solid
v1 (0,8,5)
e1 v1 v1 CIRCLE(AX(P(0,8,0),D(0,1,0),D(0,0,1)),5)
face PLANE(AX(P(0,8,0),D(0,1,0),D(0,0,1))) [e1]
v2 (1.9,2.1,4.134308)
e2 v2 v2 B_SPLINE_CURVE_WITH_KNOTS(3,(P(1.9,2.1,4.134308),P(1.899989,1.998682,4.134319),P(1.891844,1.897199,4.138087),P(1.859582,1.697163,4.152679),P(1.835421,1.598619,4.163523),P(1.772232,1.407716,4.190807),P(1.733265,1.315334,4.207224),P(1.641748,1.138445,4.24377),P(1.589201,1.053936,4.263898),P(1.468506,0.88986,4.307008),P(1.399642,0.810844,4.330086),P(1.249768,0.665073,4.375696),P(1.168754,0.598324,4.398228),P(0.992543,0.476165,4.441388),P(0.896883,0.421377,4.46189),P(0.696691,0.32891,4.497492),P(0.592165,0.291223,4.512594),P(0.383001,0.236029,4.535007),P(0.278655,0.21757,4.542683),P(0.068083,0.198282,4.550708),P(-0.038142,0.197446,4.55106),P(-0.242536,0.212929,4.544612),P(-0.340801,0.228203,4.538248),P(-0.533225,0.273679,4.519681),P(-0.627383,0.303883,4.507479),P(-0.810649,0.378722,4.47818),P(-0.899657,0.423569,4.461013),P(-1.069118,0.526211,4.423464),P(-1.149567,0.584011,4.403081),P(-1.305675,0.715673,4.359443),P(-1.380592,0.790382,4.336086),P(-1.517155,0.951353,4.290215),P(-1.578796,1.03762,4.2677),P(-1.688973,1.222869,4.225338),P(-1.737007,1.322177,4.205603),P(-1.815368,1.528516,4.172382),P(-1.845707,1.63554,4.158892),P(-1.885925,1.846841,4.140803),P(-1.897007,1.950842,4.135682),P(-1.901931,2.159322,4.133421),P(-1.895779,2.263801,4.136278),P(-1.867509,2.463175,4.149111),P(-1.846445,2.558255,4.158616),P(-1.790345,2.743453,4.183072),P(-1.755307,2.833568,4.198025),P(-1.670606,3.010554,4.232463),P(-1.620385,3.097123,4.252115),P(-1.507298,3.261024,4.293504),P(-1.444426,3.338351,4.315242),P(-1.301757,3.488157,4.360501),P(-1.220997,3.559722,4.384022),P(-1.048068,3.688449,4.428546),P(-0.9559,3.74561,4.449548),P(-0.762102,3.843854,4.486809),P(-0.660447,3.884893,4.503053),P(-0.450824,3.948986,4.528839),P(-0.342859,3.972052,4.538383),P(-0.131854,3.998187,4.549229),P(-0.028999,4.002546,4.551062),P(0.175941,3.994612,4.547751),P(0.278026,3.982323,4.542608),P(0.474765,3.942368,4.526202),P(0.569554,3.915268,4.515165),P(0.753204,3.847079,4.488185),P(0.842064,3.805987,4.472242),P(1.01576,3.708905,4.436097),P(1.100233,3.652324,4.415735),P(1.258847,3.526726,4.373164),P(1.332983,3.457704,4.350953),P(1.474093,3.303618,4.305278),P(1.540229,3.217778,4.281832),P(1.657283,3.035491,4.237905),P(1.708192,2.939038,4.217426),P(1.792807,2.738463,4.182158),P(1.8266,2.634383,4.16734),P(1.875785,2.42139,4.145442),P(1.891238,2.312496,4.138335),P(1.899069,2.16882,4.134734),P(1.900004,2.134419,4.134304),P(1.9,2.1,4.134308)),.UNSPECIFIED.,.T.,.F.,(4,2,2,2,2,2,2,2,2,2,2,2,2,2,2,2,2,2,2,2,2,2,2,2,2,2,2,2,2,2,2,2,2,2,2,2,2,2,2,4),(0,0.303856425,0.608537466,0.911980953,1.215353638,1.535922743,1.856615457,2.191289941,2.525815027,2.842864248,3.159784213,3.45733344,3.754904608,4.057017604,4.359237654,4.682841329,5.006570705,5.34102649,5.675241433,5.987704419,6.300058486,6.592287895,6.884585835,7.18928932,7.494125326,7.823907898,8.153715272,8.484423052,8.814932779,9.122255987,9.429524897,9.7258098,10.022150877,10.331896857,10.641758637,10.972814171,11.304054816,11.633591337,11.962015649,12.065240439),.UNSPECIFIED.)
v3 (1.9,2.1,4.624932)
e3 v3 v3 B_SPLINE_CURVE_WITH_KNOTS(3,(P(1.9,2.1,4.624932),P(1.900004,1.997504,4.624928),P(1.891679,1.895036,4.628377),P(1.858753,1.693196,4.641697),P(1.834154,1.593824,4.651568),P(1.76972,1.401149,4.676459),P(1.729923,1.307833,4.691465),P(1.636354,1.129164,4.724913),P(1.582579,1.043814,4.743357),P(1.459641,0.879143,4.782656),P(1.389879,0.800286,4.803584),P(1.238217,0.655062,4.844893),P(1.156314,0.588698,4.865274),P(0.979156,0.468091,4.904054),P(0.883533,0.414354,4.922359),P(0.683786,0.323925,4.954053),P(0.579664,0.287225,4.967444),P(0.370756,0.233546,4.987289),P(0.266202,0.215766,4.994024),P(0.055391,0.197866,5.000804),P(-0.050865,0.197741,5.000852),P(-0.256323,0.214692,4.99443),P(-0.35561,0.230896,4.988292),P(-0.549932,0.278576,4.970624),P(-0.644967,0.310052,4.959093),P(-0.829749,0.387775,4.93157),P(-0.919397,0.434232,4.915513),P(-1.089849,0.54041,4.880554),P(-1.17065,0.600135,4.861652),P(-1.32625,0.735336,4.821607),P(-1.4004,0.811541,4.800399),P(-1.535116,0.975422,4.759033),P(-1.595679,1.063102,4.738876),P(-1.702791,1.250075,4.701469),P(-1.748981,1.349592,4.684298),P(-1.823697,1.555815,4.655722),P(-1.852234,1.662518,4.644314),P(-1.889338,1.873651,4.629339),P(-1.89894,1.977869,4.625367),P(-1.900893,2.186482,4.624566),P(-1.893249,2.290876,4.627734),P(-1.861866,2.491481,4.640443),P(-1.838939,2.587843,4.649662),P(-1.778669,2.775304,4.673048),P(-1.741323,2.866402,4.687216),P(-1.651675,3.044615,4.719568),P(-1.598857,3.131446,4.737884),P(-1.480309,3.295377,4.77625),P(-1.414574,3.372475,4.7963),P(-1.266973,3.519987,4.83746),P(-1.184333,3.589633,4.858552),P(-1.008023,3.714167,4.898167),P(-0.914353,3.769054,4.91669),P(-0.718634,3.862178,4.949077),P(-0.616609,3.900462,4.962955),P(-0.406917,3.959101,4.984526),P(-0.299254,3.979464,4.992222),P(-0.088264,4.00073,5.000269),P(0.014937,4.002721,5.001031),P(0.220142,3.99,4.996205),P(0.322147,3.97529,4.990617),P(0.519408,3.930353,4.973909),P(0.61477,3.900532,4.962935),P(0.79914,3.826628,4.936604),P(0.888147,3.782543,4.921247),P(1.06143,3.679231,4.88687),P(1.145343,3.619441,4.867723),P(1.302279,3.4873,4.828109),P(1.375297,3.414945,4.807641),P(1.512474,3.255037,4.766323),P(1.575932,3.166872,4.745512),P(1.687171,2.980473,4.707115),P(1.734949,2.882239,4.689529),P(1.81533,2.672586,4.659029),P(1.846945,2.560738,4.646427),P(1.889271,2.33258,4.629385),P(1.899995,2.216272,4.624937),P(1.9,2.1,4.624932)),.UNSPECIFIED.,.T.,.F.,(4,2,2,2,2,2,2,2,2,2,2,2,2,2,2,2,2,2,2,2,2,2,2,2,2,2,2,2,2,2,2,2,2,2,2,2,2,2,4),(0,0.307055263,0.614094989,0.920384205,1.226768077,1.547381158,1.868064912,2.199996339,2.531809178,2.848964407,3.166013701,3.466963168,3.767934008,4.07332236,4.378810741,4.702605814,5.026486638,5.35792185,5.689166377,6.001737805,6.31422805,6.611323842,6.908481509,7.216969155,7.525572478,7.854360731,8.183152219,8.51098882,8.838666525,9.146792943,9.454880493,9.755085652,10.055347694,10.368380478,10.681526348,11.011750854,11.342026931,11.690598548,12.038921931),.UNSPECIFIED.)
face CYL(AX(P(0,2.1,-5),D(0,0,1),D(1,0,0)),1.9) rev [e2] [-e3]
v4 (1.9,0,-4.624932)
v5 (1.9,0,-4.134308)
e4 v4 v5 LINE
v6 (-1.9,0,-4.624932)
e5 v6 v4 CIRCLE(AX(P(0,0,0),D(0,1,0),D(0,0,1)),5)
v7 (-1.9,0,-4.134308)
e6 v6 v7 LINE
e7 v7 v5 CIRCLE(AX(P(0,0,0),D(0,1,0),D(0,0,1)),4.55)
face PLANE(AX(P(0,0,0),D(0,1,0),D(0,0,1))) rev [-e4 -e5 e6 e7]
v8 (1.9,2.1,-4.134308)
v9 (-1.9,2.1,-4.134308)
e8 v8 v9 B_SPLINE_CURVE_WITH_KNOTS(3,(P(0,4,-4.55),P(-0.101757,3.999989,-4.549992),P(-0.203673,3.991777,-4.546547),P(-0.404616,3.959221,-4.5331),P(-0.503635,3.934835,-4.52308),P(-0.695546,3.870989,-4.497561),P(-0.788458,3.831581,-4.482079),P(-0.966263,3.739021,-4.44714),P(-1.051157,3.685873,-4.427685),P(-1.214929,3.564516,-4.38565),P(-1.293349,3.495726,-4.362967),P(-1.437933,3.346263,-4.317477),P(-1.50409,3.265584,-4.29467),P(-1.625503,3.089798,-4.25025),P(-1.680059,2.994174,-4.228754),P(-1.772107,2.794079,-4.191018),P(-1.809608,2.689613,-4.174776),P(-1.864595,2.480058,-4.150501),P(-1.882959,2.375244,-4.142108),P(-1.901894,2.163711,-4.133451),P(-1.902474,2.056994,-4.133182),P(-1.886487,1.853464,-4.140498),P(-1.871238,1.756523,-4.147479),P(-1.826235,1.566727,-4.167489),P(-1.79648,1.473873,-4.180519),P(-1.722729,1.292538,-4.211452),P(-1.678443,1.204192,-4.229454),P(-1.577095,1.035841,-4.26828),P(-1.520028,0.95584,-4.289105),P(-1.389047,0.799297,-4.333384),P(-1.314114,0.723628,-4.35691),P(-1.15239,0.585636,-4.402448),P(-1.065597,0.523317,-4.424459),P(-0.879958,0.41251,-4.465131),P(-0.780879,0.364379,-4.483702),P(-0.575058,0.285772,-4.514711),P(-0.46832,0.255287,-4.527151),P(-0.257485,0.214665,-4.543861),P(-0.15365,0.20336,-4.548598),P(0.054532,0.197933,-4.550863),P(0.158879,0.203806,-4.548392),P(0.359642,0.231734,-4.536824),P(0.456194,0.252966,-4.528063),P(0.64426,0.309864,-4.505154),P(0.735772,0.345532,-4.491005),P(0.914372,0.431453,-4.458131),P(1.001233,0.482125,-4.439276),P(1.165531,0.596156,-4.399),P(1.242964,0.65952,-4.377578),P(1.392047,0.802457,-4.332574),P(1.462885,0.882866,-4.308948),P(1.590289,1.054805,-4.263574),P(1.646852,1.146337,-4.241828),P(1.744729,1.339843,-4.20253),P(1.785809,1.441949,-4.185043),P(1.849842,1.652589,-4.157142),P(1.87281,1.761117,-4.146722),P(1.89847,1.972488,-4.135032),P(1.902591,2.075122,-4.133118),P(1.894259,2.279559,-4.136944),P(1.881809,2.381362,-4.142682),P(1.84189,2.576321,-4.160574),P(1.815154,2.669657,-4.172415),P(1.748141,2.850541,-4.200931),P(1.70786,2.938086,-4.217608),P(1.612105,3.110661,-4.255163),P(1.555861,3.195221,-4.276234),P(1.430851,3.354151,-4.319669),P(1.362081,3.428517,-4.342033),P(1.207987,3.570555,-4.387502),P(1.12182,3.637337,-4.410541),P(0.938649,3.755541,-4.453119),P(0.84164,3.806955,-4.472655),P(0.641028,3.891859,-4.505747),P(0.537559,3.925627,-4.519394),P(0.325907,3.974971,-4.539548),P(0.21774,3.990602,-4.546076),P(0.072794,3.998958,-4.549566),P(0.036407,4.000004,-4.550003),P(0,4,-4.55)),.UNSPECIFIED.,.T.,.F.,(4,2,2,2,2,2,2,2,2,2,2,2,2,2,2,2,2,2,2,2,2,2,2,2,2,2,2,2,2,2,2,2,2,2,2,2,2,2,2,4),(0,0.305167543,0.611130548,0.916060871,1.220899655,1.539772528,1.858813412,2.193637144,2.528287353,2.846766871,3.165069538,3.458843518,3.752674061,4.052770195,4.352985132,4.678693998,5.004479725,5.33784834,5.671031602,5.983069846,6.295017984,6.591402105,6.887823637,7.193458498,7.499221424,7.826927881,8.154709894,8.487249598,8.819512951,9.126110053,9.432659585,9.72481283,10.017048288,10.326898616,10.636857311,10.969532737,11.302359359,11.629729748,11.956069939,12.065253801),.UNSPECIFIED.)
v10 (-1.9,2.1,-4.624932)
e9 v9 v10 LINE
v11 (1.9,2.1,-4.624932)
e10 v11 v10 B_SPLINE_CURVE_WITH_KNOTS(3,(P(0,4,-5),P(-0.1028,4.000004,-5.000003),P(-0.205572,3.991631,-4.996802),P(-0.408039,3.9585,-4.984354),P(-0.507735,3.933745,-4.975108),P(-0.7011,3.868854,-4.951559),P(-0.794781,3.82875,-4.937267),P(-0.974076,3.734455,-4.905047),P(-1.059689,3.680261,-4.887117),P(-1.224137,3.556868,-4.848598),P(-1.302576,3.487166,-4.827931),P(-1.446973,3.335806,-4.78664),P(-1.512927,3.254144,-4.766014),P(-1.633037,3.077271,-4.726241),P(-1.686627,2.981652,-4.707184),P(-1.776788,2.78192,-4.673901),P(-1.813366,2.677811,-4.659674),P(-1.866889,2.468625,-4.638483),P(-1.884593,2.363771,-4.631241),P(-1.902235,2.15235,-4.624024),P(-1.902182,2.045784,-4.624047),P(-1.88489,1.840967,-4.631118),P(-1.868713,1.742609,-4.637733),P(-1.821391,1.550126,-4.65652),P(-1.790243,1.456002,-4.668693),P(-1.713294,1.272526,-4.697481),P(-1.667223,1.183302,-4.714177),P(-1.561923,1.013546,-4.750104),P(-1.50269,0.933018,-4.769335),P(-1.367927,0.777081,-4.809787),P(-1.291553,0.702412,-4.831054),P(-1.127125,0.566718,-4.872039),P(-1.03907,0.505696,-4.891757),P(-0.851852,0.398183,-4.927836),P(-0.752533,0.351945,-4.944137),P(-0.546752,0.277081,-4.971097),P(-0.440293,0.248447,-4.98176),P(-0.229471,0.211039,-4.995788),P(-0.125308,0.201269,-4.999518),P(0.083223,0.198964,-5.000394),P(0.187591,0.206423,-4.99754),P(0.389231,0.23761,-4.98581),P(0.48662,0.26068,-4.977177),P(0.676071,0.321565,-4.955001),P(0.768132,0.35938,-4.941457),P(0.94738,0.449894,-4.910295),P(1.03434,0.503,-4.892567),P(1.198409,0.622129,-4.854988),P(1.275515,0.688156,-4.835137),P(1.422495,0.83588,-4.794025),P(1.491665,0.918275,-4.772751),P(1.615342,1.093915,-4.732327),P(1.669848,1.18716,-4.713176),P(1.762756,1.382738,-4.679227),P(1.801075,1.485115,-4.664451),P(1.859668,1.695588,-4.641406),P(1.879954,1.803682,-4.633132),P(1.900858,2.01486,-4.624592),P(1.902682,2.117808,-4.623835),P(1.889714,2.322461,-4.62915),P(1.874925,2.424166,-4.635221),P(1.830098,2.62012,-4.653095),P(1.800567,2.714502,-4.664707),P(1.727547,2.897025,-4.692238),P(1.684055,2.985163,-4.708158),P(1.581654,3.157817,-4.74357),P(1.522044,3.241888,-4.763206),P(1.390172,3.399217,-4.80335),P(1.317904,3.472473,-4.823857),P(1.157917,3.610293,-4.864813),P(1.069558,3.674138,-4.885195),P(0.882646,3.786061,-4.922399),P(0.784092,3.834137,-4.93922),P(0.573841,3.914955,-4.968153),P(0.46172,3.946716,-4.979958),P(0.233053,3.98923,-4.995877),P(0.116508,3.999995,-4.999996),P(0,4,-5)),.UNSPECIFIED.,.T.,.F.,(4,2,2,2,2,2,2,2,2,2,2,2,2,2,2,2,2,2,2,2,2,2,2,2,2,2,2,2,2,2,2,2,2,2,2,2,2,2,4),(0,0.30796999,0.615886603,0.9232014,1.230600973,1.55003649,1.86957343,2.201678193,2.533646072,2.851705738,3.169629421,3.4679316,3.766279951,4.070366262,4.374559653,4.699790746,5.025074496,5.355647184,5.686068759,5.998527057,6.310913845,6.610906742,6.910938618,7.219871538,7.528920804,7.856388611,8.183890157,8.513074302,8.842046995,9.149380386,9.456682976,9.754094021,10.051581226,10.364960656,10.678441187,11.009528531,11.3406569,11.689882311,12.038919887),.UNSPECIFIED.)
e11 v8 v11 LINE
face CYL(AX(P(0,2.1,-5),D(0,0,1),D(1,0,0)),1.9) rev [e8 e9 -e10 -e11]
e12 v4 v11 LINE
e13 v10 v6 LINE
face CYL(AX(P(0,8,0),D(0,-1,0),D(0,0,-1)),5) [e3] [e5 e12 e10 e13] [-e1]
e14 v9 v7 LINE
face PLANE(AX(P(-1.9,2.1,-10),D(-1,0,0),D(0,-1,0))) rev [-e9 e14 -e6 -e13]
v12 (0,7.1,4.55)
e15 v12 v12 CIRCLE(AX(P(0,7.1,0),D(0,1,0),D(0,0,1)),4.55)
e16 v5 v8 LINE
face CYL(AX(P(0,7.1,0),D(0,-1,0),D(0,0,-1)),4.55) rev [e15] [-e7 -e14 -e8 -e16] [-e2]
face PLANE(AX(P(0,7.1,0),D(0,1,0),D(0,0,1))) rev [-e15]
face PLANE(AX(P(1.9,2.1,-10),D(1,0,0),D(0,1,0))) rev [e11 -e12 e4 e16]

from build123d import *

# Parameters (mm, degrees)
SKETCH2_R               = 5
BOSS_EXTRUDE1_DEPTH     = 8
SKETCH4_R               = 4.55
CUT_EXTRUDE1_DEPTH      = 7.1
CUT_EXTRUDE2_DEPTH      = 11.677078252
CUT_EXTRUDE2_DEPTH_BACK = 11.677078252
SKETCH12_R              = 1.9
SKETCH13_W              = 3.8
SKETCH13_H              = 2.1
CUT_EXTRUDE3_DEPTH      = 10


with BuildPart() as part:
    # Sketch2 → Boss-Extrude1 (new body)
    with BuildSketch(Plane(origin=(0, 0, 0), x_dir=(1, 0, 0), z_dir=(0, 1, 0))):
        with Locations(Location((0, 0, 0), (0, 0, 270))):
            Circle(SKETCH2_R)
    extrude(amount=BOSS_EXTRUDE1_DEPTH)

    # Sketch4 → Cut-Extrude1 (cut)
    with BuildSketch(Plane(origin=(0, 0, 0), x_dir=(1, 0, 0), z_dir=(0, 1, 0))):
        with Locations(Location((0, 0, 0), (0, 0, 270))):
            Circle(SKETCH4_R)
    extrude(amount=CUT_EXTRUDE1_DEPTH, mode=Mode.SUBTRACT)

    # Sketch12 → Cut-Extrude2 (cut, two sides: drawn at the far end of the back side and taken through both)
    with BuildSketch(Plane.XY.offset(-CUT_EXTRUDE2_DEPTH_BACK)):
        with Locations((0, 2.1)):
            Circle(SKETCH12_R)
    extrude(amount=CUT_EXTRUDE2_DEPTH + CUT_EXTRUDE2_DEPTH_BACK, mode=Mode.SUBTRACT)

    # Sketch13 → Cut-Extrude3 (cut)
    with BuildSketch(Plane.XY):
        with Locations((0, 1.05)):
            Rectangle(SKETCH13_W, SKETCH13_H)
    extrude(amount=-CUT_EXTRUDE3_DEPTH, mode=Mode.SUBTRACT)


solid = part.part
